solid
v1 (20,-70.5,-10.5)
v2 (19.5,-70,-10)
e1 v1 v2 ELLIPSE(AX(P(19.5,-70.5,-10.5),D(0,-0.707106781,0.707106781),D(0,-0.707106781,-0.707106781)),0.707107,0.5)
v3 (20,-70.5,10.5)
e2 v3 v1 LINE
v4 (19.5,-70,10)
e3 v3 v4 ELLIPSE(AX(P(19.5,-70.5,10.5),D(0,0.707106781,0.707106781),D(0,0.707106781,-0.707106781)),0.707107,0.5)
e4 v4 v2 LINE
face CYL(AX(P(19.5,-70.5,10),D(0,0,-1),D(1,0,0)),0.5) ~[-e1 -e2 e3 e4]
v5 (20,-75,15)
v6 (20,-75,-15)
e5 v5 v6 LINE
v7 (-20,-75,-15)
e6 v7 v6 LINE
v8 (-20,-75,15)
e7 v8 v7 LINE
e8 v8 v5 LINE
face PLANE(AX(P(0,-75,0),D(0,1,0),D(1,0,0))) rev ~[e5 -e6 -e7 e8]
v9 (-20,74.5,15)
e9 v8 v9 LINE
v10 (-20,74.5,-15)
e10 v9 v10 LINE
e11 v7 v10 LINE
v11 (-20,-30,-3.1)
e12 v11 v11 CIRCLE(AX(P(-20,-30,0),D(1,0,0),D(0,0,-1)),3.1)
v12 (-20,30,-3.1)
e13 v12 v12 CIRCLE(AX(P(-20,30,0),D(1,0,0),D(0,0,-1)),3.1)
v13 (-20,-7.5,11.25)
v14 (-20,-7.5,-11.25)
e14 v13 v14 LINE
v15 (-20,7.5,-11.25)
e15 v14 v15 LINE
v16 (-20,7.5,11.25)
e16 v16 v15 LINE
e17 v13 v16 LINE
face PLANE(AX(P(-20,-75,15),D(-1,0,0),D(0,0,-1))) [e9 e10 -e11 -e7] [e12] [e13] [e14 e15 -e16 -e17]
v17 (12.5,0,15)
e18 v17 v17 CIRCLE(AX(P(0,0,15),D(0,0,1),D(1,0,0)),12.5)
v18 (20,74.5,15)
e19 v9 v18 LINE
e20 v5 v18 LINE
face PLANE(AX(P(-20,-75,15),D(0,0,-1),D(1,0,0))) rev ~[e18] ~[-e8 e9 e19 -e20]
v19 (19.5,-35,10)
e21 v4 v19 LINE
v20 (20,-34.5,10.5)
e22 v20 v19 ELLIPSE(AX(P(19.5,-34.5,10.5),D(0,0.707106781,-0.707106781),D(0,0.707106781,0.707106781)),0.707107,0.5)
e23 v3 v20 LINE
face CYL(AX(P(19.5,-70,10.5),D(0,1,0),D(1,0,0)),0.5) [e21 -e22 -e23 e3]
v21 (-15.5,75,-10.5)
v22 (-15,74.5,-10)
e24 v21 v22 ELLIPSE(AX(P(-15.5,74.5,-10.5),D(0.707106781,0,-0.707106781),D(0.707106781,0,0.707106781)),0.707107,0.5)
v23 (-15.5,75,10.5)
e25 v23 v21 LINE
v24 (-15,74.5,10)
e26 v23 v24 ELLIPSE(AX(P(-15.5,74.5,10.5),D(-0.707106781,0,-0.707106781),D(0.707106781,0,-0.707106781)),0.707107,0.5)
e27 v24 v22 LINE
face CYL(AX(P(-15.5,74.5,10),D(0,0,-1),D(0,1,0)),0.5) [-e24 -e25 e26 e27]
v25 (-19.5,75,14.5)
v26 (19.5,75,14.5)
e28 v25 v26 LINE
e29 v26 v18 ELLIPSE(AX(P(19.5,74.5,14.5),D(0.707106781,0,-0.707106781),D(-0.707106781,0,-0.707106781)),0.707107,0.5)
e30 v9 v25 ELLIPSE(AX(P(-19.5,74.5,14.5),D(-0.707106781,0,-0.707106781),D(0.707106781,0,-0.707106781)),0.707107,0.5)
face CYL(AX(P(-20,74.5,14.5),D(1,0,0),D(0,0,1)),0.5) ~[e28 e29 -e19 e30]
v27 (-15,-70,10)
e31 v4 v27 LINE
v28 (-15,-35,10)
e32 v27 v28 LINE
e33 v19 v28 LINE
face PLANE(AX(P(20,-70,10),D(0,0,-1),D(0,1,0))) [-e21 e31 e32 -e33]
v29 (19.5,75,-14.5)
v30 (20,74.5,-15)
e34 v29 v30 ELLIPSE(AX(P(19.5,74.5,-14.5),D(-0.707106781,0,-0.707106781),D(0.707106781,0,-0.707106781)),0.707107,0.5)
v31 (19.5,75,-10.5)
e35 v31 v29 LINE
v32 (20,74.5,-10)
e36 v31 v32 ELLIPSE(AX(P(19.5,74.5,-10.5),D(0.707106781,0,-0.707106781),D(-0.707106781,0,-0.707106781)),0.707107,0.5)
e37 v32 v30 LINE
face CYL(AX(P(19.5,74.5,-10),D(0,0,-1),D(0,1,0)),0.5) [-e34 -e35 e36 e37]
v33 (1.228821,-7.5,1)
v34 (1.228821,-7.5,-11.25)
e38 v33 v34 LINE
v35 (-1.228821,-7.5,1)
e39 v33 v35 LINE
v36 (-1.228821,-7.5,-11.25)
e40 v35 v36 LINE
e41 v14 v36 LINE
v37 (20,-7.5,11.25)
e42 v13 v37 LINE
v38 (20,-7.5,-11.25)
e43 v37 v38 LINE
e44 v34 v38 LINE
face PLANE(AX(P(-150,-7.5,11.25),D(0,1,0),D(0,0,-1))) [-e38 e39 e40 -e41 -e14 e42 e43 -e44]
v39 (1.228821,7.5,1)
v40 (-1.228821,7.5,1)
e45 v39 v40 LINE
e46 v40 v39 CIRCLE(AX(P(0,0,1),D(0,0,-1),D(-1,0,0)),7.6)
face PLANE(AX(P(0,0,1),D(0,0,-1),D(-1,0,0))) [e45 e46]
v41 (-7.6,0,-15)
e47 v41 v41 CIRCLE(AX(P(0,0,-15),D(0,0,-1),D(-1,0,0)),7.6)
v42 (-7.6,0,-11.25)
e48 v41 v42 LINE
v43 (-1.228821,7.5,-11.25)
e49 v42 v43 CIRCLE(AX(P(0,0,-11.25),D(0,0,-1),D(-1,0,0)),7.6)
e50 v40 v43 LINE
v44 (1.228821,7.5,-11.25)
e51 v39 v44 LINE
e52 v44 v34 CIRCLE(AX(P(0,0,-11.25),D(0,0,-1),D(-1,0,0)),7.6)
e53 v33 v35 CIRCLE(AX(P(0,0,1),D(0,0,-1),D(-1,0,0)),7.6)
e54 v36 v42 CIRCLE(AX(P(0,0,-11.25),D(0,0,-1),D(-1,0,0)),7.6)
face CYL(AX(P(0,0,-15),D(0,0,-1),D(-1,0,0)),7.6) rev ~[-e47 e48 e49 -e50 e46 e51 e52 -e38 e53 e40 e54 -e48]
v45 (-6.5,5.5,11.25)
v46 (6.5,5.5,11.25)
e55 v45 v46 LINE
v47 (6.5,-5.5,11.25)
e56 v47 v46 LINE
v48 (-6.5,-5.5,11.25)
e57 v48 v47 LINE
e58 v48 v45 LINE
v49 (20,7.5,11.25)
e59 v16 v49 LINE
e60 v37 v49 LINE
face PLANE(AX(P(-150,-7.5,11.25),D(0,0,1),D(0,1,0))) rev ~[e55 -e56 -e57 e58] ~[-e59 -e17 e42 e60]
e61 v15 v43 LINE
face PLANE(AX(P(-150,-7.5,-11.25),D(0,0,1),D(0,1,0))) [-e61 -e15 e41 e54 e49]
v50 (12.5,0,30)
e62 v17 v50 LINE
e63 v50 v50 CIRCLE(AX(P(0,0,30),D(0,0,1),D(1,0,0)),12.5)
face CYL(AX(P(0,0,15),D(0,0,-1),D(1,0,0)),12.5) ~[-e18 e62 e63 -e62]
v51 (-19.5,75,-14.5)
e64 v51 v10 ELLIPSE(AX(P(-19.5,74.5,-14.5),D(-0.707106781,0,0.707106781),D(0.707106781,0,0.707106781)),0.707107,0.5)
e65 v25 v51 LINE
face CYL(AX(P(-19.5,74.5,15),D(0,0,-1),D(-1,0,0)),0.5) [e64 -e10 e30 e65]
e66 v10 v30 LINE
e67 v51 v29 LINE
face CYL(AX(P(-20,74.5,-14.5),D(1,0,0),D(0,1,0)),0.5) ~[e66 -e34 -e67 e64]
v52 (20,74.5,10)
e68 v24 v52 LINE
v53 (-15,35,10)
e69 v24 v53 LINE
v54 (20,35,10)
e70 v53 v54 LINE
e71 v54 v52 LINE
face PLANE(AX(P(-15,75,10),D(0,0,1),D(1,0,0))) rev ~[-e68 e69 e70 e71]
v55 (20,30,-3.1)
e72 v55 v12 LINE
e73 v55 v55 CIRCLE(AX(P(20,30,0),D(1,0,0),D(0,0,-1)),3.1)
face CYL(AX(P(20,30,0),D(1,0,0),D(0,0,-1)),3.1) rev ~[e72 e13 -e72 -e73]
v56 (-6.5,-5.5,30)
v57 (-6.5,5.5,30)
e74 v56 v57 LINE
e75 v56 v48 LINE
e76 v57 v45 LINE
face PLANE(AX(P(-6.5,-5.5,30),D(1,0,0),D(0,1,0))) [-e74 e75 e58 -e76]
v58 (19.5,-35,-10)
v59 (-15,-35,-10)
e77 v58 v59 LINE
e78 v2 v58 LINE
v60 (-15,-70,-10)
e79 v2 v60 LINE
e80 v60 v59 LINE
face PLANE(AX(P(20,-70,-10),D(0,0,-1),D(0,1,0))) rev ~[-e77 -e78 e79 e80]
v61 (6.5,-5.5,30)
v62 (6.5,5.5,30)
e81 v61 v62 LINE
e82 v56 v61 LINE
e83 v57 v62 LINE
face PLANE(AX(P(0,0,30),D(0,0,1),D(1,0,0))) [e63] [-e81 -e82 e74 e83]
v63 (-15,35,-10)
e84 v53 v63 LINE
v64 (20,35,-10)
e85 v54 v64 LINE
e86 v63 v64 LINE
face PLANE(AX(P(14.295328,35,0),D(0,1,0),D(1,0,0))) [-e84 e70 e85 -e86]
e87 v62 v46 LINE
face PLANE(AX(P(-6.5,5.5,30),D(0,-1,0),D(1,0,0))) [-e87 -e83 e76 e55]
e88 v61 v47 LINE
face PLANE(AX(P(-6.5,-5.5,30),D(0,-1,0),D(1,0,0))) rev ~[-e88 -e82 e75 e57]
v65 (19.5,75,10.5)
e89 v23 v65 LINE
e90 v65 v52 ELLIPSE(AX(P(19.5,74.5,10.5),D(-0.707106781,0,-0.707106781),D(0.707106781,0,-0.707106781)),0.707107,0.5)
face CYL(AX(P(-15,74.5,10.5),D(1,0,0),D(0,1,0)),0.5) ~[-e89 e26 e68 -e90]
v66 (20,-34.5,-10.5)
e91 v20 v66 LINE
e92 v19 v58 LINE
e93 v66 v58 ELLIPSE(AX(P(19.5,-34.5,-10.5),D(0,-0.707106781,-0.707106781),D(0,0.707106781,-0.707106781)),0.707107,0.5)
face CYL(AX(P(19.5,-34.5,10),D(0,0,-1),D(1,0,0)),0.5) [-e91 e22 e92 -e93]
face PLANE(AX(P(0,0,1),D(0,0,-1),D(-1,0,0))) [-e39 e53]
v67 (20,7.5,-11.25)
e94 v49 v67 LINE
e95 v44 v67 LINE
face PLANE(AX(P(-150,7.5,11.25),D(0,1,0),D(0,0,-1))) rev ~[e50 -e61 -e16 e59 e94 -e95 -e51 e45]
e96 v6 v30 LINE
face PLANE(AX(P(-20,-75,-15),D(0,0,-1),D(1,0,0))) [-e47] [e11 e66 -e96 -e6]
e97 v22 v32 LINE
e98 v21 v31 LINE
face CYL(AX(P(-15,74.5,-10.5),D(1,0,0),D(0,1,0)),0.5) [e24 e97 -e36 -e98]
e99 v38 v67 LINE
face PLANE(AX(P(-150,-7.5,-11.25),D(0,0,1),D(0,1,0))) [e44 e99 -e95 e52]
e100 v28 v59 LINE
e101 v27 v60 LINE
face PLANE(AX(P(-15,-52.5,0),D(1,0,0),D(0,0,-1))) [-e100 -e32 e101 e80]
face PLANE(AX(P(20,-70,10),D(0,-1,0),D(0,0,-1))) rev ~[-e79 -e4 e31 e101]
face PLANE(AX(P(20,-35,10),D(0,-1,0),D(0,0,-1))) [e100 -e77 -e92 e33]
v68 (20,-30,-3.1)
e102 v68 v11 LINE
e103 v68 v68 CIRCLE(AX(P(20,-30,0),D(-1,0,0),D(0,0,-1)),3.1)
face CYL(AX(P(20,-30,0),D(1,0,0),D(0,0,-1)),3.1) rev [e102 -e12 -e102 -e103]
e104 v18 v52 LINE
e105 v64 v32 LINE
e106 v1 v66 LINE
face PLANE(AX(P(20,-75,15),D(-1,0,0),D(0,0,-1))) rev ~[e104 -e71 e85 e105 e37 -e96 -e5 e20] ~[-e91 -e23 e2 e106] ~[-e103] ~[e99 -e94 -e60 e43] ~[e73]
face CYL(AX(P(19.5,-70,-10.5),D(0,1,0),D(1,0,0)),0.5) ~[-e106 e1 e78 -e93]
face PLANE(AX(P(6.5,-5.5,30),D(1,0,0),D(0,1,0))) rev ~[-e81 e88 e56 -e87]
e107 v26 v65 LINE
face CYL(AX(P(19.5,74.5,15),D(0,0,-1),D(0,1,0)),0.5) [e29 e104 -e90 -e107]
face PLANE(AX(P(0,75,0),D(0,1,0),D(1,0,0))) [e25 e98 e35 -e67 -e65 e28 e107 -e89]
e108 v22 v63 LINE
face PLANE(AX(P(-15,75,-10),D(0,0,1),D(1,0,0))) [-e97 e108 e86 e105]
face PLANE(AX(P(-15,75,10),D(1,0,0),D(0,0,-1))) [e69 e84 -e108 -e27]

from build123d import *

# Parameters (mm, degrees)
BOSS_EXTRUDE1_DEPTH      = 75
BOSS_EXTRUDE1_DEPTH_BACK = 75
SKETCH1_W                = 40
SKETCH1_H                = 30
SKETCH3_R                = 3.1
CUT_EXTRUDE1_DEPTH       = 150
CUT_EXTRUDE2_DEPTH       = 150
CUT_EXTRUDE2_DEPTH_BACK  = 150
SKETCH4_W                = 22.5
SKETCH4_H                = 15
SKETCH5_R                = 7.6
CUT_EXTRUDE3_DEPTH       = 16
SKETCH7_W                = 58.590655802
SKETCH7_H                = 20
CUT_EXTRUDE5_DEPTH       = 40
SKETCH8_W                = 20
SKETCH8_H                = 35
CUT_EXTRUDE6_DEPTH       = 35
FILLET2_R                = 0.5
FILLET3_R                = 0.5
SKETCH10_R               = 12.5
BOSS_EXTRUDE3_DEPTH      = 15
SKETCH11_W               = 13
SKETCH11_H               = 11
CUT_EXTRUDE7_DEPTH       = 25


with BuildPart() as part:
    # Sketch1 → Boss-Extrude1 (new, two sides: drawn at the far end of the back side and taken through both)
    with BuildSketch(Plane(origin=(0, 0, 0), x_dir=(1, 0, 0), z_dir=(0, 1, 0)).offset(-BOSS_EXTRUDE1_DEPTH_BACK)):
        Rectangle(SKETCH1_W, SKETCH1_H)
    extrude(amount=BOSS_EXTRUDE1_DEPTH + BOSS_EXTRUDE1_DEPTH_BACK)

    # Sketch3 → Cut-Extrude1 (cut)
    with BuildSketch(Plane(origin=(20, 0, 0), x_dir=(0, 0, -1), z_dir=(1, 0, 0))):
        with Locations((0, 30)):
            Circle(SKETCH3_R)
    cut_extrude1 = extrude(amount=-CUT_EXTRUDE1_DEPTH, mode=Mode.SUBTRACT)

    # Mirror1: Cut-Extrude1 across plane
    add(cut_extrude1.mirror(Plane.ZX), mode=Mode.SUBTRACT)

    # Sketch4 → Cut-Extrude2 (cut, two sides: drawn at the far end of the back side and taken through both)
    with BuildSketch(Plane(origin=(0, 0, 0), x_dir=(0, 0, -1), z_dir=(1, 0, 0)).offset(-CUT_EXTRUDE2_DEPTH_BACK)):
        Rectangle(SKETCH4_W, SKETCH4_H)
    extrude(amount=CUT_EXTRUDE2_DEPTH + CUT_EXTRUDE2_DEPTH_BACK, mode=Mode.SUBTRACT)

    # Sketch5 → Cut-Extrude3 (cut)
    with BuildSketch(Plane(origin=(0, 0, -15), x_dir=(-1, 0, 0), z_dir=(0, 0, -1))):
        Circle(SKETCH5_R)
    extrude(amount=-CUT_EXTRUDE3_DEPTH, mode=Mode.SUBTRACT)

    # Sketch7 → Cut-Extrude5 (cut)
    with BuildSketch(Plane(origin=(0, 75, 0), x_dir=(1, 0, 0), z_dir=(0, 1, 0))):
        with Locations((14.295327901, 0)):
            Rectangle(SKETCH7_W, SKETCH7_H)
    extrude(amount=-CUT_EXTRUDE5_DEPTH, mode=Mode.SUBTRACT)

    # Sketch8 → Cut-Extrude6 (cut)
    with BuildSketch(Plane(origin=(20, 0, 0), x_dir=(0, 0, -1), z_dir=(1, 0, 0))):
        with Locations((0, -52.5)):
            Rectangle(SKETCH8_W, SKETCH8_H)
    extrude(amount=-CUT_EXTRUDE6_DEPTH, mode=Mode.SUBTRACT)

    # Fillet2
    fillet2_edges = [part.edges().sort_by_distance(p)[0] for p in [
        (20, 75, 12.5),
        (0, 75, -15),
        (-20, 75, 0),
        (0, 75, 15),
        (20, 75, -12.5),
        (2.5, 75, -10),
        (2.5, 75, 10),
        (-15, 75, 0),
    ]]
    fillet(fillet2_edges, radius=FILLET2_R)

    # Fillet3
    fillet3_edges = [part.edges().sort_by_distance(p)[0] for p in [
        (20, -52.5, 10),
        (20, -70, 0),
        (20, -52.5, -10),
        (20, -35, 0),
    ]]
    fillet(fillet3_edges, radius=FILLET3_R)

    # Sketch10 → Boss-Extrude3 (add)
    with BuildSketch(Plane.XY.offset(15)):
        Circle(SKETCH10_R)
    extrude(amount=BOSS_EXTRUDE3_DEPTH)

    # Sketch11 → Cut-Extrude7 (cut)
    with BuildSketch(Plane.XY.offset(30)):
        Rectangle(SKETCH11_W, SKETCH11_H)
    extrude(amount=-CUT_EXTRUDE7_DEPTH, mode=Mode.SUBTRACT)


solid = part.part
